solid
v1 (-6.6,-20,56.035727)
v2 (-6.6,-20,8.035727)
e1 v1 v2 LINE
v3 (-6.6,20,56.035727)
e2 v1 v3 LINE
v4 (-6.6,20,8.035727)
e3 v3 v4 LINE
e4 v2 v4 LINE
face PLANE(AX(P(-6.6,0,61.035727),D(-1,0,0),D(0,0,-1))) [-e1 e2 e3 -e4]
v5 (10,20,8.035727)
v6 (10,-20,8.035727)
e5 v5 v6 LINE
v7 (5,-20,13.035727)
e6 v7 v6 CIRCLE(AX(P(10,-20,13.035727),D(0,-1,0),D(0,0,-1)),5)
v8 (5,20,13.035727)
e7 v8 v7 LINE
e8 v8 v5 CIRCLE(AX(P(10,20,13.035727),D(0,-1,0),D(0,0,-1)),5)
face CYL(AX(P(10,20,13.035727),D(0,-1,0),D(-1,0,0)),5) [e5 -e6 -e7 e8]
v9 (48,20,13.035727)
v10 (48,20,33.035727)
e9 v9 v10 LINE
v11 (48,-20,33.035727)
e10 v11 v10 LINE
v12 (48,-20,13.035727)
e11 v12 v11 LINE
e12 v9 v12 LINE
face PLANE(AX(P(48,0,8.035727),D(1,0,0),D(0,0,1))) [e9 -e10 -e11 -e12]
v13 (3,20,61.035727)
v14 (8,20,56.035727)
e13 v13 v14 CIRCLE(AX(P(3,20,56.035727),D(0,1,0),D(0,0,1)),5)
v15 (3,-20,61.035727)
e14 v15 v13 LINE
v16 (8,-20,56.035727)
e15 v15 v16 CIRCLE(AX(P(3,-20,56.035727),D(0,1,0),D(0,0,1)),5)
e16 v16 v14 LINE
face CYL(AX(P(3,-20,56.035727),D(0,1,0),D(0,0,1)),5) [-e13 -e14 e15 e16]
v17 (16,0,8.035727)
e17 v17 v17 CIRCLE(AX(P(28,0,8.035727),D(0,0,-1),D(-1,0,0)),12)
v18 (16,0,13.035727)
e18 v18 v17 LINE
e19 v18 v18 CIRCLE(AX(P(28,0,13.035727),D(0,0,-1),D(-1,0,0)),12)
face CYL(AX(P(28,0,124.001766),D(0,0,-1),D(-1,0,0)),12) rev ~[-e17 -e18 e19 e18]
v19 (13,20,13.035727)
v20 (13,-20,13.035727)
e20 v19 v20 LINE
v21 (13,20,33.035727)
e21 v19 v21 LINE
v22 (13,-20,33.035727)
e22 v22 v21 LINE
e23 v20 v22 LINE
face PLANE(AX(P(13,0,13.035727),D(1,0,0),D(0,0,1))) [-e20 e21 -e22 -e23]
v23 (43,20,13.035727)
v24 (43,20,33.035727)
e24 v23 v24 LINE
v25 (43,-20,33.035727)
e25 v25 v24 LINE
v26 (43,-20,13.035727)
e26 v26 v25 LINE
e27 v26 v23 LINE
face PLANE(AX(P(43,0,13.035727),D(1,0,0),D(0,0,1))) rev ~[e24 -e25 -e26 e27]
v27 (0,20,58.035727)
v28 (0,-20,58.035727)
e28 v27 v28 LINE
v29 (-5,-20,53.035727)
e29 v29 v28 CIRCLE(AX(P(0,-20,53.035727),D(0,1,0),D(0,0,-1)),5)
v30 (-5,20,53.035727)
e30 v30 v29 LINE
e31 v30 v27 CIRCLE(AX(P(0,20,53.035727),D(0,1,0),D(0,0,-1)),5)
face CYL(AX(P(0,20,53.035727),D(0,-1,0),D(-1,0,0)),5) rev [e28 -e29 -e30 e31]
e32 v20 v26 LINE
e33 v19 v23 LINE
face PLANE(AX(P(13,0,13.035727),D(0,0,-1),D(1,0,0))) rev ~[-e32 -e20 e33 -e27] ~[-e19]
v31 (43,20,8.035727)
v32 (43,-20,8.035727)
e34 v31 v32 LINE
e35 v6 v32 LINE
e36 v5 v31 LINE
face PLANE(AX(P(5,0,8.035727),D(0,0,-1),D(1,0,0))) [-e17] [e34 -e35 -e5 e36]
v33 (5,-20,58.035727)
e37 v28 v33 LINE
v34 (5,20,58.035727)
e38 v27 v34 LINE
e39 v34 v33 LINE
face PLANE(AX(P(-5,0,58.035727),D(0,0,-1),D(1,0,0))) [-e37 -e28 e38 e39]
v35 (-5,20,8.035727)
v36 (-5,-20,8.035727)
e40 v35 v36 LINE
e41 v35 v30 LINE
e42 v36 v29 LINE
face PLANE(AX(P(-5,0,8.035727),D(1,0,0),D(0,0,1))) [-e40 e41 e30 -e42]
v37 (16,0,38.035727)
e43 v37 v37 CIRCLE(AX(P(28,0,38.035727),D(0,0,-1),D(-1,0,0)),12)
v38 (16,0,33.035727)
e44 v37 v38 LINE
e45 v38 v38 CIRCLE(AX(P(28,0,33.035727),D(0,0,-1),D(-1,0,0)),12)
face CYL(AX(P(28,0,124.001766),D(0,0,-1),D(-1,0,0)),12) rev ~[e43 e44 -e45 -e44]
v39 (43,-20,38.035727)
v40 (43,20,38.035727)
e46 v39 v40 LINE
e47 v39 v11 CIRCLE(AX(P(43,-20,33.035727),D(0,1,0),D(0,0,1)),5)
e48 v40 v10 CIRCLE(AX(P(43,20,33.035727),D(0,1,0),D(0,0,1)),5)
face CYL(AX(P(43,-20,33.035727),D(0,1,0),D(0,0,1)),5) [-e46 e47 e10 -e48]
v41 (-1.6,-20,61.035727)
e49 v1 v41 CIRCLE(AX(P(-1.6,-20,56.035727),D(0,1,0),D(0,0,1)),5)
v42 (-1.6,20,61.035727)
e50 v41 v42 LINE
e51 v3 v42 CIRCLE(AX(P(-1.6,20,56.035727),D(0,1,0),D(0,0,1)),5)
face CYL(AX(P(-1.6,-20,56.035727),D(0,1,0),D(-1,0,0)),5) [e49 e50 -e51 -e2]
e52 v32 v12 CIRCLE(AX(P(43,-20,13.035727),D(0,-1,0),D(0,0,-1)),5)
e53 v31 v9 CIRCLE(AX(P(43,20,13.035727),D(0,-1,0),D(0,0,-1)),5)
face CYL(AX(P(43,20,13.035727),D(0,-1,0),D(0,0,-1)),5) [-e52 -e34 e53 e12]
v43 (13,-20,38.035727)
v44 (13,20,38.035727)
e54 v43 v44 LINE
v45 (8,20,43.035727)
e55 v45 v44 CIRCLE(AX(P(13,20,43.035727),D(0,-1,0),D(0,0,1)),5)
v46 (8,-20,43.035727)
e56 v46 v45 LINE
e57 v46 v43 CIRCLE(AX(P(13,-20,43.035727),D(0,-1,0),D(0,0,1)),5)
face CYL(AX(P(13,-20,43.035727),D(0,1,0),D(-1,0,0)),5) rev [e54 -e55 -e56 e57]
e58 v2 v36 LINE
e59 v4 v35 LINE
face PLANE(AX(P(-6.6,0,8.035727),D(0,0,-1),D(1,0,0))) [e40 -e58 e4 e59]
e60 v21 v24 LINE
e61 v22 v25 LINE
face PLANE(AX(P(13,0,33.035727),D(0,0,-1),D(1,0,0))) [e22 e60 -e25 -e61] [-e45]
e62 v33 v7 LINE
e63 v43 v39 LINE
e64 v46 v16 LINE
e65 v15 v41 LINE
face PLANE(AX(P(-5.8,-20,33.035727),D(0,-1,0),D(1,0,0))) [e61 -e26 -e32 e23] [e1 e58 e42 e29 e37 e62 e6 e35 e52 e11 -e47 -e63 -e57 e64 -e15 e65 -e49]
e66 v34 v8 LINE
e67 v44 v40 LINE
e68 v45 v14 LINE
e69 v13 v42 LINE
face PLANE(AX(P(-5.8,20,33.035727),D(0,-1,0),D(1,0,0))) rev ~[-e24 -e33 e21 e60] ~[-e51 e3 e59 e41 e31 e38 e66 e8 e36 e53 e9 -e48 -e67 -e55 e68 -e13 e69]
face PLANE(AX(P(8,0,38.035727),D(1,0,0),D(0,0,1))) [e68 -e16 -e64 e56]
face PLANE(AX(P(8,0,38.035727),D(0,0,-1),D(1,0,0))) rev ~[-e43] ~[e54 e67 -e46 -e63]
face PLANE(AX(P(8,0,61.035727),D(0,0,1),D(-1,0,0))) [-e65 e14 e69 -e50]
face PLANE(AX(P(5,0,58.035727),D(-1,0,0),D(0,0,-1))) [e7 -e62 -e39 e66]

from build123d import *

# Parameters (mm, degrees)
F0_W     = 1.6
F0_H     = 50
F0_W_2   = 40
F0_H_2   = 30
F0_W_3   = 30
F0_H_3   = 20
F1_DEPTH = 20
F3_D     = 24
F4_R     = 5


with BuildPart() as f1:
    # F0 (on Front) → F1 (new body, symmetric)
    with BuildSketch(Plane.XZ):
        with Locations((-5.8, 33.0357266191)):
            Rectangle(F0_W, F0_H)
        Polygon((-6.6, 58.0357266191), (-5, 58.0357266191), (5, 58.0357266191), (5, 61.0357266191), (-6.6, 61.0357266191), align=None)
        Polygon((5, 61.0357266191), (5, 58.0357266191), (5, 8.0357266191), (8, 8.0357266191), (8, 38.0357266191), (8, 61.0357266191), align=None)
        with Locations((28, 23.0357266191)):
            Rectangle(F0_W_2, F0_H_2)
        with Locations((28, 23.0357266191)):
            Rectangle(F0_W_3, F0_H_3, mode=Mode.SUBTRACT)
    extrude(amount=F1_DEPTH, both=True)

    # F3 (through all)
    with Locations(Plane.XY.offset(38.0357266191)):
        with Locations((28, 0)):
            Hole(F3_D / 2)

    # F4
    f4_edges = [f1.edges().sort_by_distance(p)[0] for p in [
        (-5, 0, 58.035727),
        (8, 0, 38.035727),
        (8, 0, 61.035727),
        (-6.6, 0, 61.035727),
        (48, 0, 38.035727),
        (48, 0, 8.035727),
        (5, 0, 8.035727),
    ]]
    fillet(f4_edges, radius=F4_R)


solid = f1.part
